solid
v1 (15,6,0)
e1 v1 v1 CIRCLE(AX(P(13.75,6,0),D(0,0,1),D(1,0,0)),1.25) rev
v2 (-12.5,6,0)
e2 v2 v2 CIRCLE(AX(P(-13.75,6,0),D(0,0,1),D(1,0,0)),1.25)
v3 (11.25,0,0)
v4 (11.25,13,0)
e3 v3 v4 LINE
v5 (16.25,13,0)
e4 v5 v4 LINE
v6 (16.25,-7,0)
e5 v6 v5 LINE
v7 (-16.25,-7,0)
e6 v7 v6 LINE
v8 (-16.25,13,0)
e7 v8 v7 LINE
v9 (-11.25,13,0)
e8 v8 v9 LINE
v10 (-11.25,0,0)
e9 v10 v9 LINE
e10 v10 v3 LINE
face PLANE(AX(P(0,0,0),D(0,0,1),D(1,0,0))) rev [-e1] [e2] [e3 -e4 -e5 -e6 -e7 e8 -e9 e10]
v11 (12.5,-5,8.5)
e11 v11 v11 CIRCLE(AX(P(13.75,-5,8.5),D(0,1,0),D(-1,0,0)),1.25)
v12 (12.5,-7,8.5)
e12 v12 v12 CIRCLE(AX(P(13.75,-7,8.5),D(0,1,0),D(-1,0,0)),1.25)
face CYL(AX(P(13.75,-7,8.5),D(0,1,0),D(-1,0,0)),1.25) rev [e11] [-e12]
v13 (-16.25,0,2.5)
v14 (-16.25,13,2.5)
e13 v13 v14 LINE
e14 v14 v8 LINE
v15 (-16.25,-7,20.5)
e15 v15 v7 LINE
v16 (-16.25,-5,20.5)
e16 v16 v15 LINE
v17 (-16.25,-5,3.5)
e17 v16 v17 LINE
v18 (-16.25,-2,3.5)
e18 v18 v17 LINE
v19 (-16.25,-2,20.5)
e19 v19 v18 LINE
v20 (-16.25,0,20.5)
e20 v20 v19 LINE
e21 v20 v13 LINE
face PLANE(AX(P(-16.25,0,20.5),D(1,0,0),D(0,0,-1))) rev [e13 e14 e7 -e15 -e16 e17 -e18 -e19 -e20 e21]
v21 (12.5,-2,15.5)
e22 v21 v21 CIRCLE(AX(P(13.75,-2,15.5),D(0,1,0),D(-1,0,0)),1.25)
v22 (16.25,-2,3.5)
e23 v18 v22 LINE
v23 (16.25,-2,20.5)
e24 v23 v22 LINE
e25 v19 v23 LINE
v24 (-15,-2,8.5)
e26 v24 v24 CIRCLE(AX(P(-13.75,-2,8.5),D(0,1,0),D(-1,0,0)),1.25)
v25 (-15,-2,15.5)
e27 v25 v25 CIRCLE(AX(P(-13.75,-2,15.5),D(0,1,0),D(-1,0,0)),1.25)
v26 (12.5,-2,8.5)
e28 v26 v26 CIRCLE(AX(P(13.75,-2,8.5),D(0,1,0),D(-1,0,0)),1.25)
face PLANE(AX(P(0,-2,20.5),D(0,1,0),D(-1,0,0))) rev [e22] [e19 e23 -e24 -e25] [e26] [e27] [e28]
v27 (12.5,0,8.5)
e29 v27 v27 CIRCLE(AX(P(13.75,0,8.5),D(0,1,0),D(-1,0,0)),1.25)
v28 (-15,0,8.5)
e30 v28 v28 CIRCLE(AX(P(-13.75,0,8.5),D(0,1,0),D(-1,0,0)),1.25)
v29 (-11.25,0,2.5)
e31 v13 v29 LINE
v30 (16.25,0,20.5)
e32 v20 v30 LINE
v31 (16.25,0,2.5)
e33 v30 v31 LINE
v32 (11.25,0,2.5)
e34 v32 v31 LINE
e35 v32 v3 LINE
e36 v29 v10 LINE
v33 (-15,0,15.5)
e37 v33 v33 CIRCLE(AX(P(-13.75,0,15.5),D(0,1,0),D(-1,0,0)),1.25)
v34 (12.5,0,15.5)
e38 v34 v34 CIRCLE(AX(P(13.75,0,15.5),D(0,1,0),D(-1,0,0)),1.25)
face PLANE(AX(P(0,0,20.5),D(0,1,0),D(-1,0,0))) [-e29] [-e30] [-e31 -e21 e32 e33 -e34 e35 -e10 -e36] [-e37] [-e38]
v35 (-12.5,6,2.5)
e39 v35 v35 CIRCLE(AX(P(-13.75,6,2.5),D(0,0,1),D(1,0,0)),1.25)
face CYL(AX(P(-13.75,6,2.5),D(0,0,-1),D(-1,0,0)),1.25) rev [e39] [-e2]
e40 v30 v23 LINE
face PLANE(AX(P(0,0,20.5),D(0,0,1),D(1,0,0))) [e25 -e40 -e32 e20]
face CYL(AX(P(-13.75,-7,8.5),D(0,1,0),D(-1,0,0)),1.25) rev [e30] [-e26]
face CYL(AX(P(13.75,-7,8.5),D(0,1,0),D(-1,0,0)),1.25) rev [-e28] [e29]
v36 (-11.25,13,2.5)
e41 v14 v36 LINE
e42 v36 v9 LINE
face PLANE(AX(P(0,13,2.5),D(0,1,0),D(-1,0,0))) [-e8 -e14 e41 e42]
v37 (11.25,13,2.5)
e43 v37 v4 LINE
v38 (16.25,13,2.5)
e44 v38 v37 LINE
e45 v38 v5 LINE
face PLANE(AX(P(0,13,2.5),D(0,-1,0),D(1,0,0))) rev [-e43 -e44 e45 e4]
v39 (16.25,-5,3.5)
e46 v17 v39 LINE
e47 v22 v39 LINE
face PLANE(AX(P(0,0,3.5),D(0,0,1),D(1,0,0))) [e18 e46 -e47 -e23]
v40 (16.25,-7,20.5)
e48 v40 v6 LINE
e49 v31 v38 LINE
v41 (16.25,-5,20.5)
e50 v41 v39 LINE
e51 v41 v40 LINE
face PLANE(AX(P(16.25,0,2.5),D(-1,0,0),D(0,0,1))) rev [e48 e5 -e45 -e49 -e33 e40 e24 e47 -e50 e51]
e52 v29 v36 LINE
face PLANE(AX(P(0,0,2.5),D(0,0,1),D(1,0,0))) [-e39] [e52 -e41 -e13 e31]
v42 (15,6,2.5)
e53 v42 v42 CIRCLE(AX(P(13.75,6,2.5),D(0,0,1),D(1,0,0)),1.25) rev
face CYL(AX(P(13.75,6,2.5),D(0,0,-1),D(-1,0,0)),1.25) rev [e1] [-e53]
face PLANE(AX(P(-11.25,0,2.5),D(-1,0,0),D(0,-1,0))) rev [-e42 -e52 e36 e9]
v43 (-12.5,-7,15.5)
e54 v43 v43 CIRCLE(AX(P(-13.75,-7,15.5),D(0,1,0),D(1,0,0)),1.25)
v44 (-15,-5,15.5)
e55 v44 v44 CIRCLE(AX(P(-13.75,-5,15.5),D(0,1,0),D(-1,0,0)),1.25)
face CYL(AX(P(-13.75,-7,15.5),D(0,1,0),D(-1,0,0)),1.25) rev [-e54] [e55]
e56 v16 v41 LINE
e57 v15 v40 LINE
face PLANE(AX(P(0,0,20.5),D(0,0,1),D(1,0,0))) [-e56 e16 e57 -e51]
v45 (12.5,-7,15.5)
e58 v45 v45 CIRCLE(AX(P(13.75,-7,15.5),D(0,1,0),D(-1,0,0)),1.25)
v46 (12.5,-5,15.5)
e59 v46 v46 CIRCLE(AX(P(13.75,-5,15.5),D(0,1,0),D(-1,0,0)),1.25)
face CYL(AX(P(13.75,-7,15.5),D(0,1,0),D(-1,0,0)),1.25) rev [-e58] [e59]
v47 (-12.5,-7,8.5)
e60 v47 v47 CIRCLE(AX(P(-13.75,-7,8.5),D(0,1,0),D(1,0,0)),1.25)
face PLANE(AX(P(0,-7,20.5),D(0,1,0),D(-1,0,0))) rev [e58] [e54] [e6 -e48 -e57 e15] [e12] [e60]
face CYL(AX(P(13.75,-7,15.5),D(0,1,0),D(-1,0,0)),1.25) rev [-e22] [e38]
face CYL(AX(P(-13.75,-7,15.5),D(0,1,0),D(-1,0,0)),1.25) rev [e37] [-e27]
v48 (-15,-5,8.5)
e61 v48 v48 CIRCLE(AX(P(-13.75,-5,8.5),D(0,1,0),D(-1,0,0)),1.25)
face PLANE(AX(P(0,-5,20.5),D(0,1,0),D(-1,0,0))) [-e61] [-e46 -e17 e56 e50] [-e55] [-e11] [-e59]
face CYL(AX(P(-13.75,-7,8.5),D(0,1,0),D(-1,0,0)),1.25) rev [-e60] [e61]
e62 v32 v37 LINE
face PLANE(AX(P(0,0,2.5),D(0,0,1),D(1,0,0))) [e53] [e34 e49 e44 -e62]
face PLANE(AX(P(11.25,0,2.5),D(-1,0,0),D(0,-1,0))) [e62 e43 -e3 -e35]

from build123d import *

# Parameters (mm, degrees)
SKETCH1_W               = 5
SKETCH1_H               = 13
SKETCH1_R               = 1.25
BOSS_EXTRUDE1_DEPTH     = 2.5
BOSS_EXTRUDE1_2_DEPTH   = 2.5
SKETCH1_5_W             = 32.5
SKETCH1_5_H             = 2
BOSS_EXTRUDE2_DEPTH     = 20.5
SKETCH1_6_W             = 32.5
SKETCH1_6_H             = 3
BOSS_EXTRUDE3_DEPTH     = 3.5
SKETCH2_R               = 1.25
CUT_EXTRUDE2_DEPTH      = 14
CUT_EXTRUDE2_DEPTH_BACK = 8


with BuildPart() as part:
    # Sketch1 → Boss-Extrude1 (new body)
    with BuildSketch(Plane.XY):
        with Locations((-13.75, 6.5)):
            Rectangle(SKETCH1_W, SKETCH1_H)
        with Locations((-13.75, 6)):
            Circle(SKETCH1_R, mode=Mode.SUBTRACT)
    extrude(amount=BOSS_EXTRUDE1_DEPTH)



with BuildPart() as body_2:
    # Sketch1 → Boss-Extrude1 2 (new body)
    with BuildSketch(Plane.XY):
        with Locations((13.75, 6.5)):
            Rectangle(SKETCH1_W, SKETCH1_H)
        with Locations((13.75, 6)):
            Circle(SKETCH1_R, mode=Mode.SUBTRACT)
    extrude(amount=BOSS_EXTRUDE1_2_DEPTH)


with BuildPart() as part_1:
    add(part.part)

    add(body_2.part)  # Boss-Extrude2 merges body 2
    # Sketch1<5> → Boss-Extrude2 (add)
    with BuildSketch(Plane.XY):
        with Locations((0, -1)):
            Rectangle(SKETCH1_5_W, SKETCH1_5_H)
        with Locations((0, -6)):
            Rectangle(SKETCH1_5_W, SKETCH1_5_H)
    extrude(amount=BOSS_EXTRUDE2_DEPTH)

    # Sketch1<6> → Boss-Extrude3 (add)
    with BuildSketch(Plane.XY):
        with Locations((0, -3.5)):
            Rectangle(SKETCH1_6_W, SKETCH1_6_H)
    extrude(amount=BOSS_EXTRUDE3_DEPTH)

    # Sketch2 → Cut-Extrude2 (cut, two sides)
    with BuildSketch(Plane(origin=(0, 0, 0), x_dir=(1, 0, 0), z_dir=(0, 1, 0))) as cut_extrude2_sk:
        with Locations((13.75, -8.5)):
            Circle(SKETCH2_R)
        with Locations((13.75, -15.5)):
            Circle(SKETCH2_R)
        with Locations((-13.75, -15.5)):
            Circle(SKETCH2_R)
        with Locations((-13.75, -8.5)):
            Circle(SKETCH2_R)
    extrude(amount=CUT_EXTRUDE2_DEPTH, mode=Mode.SUBTRACT)
    extrude(cut_extrude2_sk.sketch, amount=-CUT_EXTRUDE2_DEPTH_BACK, mode=Mode.SUBTRACT)


solid = part_1.part
